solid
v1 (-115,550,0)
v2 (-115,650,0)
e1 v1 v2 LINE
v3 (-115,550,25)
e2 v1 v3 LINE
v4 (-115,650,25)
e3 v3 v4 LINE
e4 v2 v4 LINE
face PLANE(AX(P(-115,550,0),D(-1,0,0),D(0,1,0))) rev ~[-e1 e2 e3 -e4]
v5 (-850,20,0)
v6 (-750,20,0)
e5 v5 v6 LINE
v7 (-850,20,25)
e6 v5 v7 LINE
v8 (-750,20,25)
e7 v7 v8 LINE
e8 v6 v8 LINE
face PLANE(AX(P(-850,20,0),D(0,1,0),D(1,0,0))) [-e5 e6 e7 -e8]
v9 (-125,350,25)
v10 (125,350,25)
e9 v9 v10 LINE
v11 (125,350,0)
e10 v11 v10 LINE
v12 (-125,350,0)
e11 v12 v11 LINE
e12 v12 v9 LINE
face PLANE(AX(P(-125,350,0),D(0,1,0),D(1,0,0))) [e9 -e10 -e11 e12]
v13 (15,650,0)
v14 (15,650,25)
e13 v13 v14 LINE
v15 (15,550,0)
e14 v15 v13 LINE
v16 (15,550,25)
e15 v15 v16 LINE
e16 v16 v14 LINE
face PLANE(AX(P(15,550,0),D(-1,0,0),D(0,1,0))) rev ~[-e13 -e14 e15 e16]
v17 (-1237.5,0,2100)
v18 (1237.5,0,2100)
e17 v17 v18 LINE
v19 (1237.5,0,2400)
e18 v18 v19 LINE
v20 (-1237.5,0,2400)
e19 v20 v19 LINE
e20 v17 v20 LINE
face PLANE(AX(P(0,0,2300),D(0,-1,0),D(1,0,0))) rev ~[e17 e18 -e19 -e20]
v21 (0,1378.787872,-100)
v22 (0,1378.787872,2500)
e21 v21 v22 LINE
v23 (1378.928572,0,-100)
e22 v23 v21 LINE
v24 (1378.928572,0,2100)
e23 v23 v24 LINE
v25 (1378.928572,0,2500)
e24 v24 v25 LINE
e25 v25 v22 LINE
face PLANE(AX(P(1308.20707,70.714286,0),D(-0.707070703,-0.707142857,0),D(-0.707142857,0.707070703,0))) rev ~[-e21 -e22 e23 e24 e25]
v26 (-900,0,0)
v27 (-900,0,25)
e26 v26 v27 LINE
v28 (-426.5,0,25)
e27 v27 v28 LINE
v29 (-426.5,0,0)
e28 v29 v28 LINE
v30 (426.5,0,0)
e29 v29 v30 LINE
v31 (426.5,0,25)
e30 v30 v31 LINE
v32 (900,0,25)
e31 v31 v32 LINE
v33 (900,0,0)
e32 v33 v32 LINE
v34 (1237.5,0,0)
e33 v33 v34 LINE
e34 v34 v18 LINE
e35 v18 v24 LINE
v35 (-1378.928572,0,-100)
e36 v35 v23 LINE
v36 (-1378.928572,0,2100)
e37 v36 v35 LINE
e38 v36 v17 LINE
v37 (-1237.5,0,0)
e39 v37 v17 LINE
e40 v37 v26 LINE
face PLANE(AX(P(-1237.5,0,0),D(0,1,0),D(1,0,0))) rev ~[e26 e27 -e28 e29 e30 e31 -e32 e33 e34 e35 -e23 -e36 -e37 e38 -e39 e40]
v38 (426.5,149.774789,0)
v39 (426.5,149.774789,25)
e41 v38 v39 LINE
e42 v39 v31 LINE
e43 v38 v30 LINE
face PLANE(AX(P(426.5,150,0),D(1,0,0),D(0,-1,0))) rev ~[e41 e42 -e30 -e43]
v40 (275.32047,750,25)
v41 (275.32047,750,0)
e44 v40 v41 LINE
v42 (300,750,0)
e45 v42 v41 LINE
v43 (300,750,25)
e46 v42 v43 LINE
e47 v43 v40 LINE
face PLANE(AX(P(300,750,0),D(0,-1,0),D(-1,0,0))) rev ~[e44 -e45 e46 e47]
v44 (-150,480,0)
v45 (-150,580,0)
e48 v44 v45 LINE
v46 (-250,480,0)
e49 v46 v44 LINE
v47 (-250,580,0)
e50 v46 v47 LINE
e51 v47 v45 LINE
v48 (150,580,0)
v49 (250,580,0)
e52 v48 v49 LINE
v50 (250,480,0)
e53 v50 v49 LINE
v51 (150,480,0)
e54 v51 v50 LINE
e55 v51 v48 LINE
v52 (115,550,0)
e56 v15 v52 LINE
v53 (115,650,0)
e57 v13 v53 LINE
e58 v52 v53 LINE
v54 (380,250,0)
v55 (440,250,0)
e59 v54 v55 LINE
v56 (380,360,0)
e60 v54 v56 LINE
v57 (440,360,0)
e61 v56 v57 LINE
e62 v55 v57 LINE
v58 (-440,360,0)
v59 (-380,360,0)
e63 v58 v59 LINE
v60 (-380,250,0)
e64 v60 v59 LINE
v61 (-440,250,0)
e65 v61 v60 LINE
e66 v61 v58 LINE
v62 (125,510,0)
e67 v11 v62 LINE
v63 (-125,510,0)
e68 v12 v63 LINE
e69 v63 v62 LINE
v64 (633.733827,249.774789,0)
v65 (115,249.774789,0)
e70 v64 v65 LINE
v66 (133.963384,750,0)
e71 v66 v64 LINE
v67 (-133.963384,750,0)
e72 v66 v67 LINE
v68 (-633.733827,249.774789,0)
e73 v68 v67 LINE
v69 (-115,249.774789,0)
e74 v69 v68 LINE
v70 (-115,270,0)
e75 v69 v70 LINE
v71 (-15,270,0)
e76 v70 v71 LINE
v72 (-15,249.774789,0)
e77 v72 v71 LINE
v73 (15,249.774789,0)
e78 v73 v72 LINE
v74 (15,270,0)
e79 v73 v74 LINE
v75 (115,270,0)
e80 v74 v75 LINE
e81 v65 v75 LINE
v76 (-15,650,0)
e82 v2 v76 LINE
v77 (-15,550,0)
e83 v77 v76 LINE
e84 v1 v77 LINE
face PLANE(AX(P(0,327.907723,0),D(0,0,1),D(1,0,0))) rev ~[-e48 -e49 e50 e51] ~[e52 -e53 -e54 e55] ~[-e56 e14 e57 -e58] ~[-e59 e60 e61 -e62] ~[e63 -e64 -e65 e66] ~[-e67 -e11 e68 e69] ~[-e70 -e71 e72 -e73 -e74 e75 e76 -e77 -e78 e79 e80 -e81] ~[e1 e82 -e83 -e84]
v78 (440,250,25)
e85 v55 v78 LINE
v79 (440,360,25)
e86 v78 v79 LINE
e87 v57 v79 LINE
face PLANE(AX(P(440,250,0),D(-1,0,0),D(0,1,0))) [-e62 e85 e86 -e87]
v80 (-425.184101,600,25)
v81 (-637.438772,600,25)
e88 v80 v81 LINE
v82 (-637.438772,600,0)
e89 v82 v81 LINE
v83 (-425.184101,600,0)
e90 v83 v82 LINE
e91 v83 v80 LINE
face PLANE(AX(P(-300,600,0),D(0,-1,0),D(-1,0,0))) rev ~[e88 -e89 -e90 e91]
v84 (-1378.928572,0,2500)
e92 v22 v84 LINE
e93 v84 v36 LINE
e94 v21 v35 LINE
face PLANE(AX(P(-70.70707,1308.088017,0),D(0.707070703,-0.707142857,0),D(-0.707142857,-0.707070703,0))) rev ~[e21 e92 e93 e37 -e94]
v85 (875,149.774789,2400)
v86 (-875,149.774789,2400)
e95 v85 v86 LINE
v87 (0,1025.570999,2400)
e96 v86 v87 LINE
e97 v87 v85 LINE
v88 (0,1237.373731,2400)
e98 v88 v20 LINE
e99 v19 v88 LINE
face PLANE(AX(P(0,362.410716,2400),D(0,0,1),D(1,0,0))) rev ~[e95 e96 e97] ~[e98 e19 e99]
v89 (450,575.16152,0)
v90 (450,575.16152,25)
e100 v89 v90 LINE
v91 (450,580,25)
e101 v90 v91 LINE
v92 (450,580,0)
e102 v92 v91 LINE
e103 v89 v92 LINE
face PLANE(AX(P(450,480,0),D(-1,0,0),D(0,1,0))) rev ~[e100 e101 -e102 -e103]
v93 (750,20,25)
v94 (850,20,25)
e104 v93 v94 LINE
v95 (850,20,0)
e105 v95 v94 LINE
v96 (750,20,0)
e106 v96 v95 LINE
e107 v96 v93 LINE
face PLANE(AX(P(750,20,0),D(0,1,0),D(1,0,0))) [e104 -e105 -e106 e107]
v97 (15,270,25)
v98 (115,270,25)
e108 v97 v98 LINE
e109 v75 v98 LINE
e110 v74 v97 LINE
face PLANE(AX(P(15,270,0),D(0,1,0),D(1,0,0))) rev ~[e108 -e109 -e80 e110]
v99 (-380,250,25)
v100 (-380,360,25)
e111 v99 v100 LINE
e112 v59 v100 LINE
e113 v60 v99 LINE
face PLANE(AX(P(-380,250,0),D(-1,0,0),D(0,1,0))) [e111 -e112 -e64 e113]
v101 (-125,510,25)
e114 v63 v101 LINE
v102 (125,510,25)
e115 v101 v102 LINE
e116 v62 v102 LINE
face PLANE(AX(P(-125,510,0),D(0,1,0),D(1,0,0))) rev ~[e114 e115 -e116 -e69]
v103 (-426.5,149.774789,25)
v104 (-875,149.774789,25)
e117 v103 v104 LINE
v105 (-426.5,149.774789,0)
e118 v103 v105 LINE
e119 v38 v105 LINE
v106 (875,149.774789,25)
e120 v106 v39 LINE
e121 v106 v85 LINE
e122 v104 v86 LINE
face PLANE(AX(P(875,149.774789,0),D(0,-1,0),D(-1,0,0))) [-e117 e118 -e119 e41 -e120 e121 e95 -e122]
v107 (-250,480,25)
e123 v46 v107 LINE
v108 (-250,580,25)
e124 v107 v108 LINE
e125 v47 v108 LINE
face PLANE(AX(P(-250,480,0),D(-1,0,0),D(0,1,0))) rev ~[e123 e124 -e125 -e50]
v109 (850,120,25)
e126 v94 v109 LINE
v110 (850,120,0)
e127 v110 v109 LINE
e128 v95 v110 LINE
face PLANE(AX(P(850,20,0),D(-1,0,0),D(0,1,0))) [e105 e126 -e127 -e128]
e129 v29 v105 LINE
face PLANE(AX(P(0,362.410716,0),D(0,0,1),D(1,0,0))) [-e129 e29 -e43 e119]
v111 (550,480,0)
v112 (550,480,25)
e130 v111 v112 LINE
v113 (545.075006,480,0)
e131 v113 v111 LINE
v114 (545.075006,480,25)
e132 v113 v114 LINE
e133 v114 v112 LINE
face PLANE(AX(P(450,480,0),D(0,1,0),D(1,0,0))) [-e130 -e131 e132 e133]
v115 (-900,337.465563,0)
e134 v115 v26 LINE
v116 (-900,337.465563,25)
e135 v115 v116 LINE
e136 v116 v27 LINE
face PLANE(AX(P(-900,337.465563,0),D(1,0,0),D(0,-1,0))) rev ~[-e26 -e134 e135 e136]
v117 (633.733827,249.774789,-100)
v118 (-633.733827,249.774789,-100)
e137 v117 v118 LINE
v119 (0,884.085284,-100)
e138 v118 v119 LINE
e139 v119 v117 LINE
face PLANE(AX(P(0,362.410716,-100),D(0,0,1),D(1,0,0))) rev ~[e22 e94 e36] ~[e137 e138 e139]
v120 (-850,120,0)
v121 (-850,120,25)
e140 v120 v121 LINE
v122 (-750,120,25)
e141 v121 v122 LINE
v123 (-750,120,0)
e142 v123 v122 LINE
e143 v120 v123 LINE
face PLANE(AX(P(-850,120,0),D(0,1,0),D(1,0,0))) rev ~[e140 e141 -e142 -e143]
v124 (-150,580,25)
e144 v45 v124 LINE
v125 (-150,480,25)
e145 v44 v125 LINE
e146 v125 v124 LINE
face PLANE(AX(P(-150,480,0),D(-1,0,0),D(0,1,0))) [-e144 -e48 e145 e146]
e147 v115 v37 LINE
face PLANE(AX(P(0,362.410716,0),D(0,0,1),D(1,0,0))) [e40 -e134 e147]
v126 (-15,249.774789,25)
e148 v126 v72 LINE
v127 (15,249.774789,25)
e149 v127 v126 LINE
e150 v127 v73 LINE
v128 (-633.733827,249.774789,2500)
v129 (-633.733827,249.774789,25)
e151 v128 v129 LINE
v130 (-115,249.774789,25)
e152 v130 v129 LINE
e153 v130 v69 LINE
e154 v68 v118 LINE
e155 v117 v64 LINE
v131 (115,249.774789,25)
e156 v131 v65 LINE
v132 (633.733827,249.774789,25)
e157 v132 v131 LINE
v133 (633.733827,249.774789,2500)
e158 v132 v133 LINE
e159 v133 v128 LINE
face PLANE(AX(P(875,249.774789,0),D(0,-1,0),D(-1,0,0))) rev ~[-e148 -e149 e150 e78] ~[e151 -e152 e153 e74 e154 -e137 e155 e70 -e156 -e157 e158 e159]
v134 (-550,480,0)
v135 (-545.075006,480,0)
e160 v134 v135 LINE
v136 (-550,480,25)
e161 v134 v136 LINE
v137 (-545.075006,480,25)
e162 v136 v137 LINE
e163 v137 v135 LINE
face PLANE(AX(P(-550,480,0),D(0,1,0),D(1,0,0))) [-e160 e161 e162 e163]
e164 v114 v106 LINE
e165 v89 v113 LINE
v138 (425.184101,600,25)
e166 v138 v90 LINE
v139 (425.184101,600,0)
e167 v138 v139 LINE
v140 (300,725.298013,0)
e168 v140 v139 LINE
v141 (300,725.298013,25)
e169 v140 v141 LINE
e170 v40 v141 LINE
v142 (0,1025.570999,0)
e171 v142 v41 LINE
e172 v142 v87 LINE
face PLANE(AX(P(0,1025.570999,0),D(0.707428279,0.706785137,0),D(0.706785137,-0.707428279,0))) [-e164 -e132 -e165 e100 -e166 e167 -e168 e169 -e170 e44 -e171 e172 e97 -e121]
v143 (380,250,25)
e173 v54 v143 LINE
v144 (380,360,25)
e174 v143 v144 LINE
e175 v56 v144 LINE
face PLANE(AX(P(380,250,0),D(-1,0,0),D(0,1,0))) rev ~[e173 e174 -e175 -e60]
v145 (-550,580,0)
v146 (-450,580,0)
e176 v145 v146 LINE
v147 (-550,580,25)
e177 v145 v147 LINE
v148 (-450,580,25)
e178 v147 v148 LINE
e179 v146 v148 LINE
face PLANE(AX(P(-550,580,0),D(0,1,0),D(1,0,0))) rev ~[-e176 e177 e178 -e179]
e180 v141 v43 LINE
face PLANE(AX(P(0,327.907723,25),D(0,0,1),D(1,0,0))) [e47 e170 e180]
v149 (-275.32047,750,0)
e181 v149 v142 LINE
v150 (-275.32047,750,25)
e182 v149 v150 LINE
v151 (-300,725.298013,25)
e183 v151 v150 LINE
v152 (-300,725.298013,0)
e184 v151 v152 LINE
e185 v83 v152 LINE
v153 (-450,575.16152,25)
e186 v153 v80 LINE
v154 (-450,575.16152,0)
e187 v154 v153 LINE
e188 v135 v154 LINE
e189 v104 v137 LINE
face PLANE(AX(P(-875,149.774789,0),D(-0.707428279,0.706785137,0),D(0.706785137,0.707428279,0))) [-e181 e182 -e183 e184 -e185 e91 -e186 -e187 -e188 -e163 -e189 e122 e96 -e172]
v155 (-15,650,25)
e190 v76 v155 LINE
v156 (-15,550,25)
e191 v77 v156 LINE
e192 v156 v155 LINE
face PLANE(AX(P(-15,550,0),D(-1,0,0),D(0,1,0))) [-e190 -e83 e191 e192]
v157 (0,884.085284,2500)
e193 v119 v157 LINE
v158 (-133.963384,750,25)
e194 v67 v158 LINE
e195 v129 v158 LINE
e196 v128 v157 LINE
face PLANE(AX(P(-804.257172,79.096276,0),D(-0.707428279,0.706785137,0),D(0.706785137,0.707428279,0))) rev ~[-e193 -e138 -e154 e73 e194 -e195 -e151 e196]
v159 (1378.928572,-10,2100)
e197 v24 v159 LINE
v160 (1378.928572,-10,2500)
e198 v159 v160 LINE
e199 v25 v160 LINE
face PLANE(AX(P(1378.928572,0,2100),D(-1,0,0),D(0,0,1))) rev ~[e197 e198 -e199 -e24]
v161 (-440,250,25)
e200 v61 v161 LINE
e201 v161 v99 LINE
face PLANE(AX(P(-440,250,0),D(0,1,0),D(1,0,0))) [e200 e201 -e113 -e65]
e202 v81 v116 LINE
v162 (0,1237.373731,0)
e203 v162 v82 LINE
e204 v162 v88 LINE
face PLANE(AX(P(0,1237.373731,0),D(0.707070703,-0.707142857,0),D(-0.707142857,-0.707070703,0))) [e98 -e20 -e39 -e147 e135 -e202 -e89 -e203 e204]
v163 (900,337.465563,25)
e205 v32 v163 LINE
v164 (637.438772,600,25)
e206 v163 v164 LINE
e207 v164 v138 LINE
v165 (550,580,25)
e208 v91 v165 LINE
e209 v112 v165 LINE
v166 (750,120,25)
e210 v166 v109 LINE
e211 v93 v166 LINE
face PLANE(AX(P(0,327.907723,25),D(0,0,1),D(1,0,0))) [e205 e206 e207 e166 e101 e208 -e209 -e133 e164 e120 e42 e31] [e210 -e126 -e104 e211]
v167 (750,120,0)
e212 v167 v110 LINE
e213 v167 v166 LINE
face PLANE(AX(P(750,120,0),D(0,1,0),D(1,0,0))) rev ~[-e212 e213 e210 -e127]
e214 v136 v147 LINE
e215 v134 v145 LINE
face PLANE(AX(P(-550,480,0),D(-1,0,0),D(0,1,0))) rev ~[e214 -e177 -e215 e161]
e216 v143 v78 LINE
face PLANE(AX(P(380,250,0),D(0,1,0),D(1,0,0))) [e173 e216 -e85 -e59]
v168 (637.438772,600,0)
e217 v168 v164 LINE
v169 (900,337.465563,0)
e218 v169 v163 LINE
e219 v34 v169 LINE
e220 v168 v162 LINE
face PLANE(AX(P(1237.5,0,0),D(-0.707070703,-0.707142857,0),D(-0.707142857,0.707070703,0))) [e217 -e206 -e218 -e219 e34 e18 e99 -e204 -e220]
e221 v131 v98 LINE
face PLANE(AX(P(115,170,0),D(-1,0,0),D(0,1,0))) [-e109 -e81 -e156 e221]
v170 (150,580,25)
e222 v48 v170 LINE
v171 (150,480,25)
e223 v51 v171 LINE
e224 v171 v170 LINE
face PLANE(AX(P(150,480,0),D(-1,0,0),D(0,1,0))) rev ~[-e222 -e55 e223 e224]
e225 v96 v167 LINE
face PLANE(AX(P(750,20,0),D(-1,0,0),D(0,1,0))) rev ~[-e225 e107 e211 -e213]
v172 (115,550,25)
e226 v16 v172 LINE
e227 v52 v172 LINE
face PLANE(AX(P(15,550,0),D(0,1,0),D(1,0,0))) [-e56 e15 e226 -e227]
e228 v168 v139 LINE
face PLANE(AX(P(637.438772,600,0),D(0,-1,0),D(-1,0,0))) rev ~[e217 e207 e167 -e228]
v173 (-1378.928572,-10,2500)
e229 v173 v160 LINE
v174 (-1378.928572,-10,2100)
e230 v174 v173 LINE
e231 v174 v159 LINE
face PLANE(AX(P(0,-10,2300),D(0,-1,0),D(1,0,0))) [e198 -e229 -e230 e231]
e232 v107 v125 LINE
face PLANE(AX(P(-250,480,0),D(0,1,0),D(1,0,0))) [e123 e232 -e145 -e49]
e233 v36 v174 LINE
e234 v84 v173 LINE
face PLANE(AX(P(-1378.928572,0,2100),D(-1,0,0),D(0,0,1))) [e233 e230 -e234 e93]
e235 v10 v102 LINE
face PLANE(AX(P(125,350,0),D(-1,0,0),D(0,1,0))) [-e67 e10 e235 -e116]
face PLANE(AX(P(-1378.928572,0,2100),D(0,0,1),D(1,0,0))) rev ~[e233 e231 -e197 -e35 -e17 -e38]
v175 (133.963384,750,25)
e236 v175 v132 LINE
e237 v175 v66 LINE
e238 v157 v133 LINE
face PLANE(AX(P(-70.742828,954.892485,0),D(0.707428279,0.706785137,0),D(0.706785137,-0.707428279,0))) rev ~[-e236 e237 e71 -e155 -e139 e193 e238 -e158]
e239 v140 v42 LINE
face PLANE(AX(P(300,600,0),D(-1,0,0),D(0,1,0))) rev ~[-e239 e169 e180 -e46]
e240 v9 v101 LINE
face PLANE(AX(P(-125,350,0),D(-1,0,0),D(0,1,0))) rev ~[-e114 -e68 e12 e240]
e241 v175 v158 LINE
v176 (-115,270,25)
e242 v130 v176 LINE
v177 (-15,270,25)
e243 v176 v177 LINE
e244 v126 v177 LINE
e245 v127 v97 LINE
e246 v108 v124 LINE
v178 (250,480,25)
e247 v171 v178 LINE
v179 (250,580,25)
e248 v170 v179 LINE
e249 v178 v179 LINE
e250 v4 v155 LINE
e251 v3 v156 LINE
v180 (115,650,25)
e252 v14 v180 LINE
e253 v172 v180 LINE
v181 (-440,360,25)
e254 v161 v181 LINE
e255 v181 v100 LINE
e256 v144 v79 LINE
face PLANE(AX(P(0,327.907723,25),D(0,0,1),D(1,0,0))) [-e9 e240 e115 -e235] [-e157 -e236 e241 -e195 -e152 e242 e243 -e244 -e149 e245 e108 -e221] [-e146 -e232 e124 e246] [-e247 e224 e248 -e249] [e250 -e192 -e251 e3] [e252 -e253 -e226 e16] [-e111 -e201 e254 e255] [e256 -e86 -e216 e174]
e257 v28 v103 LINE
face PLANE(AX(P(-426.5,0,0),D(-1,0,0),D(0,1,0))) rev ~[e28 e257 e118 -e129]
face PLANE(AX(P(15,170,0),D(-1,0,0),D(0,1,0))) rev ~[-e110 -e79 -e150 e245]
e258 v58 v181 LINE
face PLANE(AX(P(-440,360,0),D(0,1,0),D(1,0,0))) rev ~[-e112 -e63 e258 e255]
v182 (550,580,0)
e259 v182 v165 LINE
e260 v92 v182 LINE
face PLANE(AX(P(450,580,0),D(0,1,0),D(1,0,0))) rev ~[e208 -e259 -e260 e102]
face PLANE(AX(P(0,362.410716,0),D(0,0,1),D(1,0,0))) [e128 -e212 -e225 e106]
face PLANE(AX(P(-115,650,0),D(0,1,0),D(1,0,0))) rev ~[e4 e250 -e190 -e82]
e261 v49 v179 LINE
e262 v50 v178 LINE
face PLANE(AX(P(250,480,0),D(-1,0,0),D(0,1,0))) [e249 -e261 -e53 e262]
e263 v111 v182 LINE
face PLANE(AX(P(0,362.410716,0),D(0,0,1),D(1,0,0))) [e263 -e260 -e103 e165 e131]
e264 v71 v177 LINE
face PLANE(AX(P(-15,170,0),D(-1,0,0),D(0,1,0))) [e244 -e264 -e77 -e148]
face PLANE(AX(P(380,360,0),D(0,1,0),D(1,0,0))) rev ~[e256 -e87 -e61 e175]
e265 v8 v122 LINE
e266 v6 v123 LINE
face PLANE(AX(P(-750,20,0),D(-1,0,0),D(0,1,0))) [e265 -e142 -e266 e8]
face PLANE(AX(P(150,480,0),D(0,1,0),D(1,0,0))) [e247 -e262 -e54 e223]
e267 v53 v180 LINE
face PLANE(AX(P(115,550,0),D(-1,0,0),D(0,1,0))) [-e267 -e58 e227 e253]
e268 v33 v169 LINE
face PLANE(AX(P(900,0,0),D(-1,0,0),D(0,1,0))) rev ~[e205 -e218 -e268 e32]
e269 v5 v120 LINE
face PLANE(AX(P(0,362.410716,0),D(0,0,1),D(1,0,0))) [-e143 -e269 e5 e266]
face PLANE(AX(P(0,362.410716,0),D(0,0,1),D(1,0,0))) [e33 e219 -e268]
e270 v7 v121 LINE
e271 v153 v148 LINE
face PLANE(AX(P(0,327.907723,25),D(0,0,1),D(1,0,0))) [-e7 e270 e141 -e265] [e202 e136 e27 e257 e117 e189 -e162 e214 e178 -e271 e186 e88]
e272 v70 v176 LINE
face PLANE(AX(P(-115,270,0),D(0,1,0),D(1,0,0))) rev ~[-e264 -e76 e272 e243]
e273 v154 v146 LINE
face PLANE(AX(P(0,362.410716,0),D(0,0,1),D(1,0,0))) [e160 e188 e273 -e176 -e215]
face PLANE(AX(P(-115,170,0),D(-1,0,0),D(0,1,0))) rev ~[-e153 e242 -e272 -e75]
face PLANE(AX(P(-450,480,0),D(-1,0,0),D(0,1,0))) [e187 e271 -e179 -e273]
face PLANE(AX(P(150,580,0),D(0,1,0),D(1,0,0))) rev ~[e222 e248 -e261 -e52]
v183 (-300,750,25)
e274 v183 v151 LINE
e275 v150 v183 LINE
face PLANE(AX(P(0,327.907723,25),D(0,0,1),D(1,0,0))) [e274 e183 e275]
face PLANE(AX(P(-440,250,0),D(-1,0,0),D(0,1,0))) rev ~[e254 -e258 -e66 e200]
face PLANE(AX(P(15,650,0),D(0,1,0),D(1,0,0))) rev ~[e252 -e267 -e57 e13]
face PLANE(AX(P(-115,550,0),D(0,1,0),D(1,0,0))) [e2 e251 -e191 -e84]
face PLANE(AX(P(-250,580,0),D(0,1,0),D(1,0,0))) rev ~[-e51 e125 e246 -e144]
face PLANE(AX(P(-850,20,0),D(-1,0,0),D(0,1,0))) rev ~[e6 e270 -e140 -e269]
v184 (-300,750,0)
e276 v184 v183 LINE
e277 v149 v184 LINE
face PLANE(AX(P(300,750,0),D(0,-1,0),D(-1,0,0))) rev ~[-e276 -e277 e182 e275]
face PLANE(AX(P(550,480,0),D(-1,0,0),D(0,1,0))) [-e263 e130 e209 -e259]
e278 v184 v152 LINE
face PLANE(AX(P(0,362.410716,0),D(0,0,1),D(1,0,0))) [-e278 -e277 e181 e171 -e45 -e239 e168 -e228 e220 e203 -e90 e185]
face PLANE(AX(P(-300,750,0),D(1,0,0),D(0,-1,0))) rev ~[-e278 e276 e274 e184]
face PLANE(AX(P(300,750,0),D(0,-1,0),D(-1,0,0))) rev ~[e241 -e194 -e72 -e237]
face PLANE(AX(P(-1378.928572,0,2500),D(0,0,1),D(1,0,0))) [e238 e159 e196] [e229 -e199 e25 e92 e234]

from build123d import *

# Parameters (mm, degrees)
F1_DEPTH = 2400
F2_T     = 100
F3_W     = 2757.8571443297
F3_H     = 400
F4_DEPTH = 10
F5_W     = 100
F5_H     = 100
F5_W_2   = 60
F5_H_2   = 110
F5_W_3   = 250
F5_H_3   = 160
F6_DEPTH = 25


with BuildPart() as f1:
    # F0 (on Top) → F1 (new body)
    with BuildSketch(Plane.XY):
        Polygon((1237.5, 0), (0, 1237.3737309318), (-1237.5, 0), align=None)
        Polygon((-875, 149.7747893482), (0, 1025.5709985202), (875, 149.7747893482), align=None, mode=Mode.SUBTRACT)
    extrude(amount=F1_DEPTH)

    # F2
    f2_openings = [f1.faces().sort_by_distance(p)[0] for p in [
        (0, 0, 1200),
    ]]
    offset(amount=F2_T, openings=f2_openings, kind=Kind.INTERSECTION)

    # F3 (on face) → F4 (join)
    with BuildSketch(Plane.XZ):
        with Locations((0, 2300)):
            Rectangle(F3_W, F3_H)
    extrude(amount=F4_DEPTH)

    # F5 (on face) → F6 (join)
    with BuildSketch(Plane.XY):
        Polygon((-637.4387723862, 600), (-900, 337.4655629814), (-900, 0), (-426.5, 0), (-426.5, 150), (426.5, 150), (426.5, 0), (900, 0), (900, 337.4655629814), (637.4387723862, 600), (300, 600), (300, 750), (-300, 750), (-300, 600), align=None)
        with Locations((-800, 70)):
            Rectangle(F5_W, F5_H, mode=Mode.SUBTRACT)
        with Locations((-65, 220)):
            Rectangle(F5_W, F5_H, mode=Mode.SUBTRACT)
        with Locations((-410, 305)):
            Rectangle(F5_W_2, F5_H_2, mode=Mode.SUBTRACT)
        with Locations((800, 70)):
            Rectangle(F5_W, F5_H, mode=Mode.SUBTRACT)
        with Locations((65, 220)):
            Rectangle(F5_W, F5_H, mode=Mode.SUBTRACT)
        with Locations((410, 305)):
            Rectangle(F5_W_2, F5_H_2, mode=Mode.SUBTRACT)
        with Locations((-500, 530)):
            Rectangle(F5_W, F5_H, mode=Mode.SUBTRACT)
        with Locations((-200, 530)):
            Rectangle(F5_W, F5_H, mode=Mode.SUBTRACT)
        with Locations((-65, 600)):
            Rectangle(F5_W, F5_H, mode=Mode.SUBTRACT)
        with Locations((0, 430)):
            Rectangle(F5_W_3, F5_H_3, mode=Mode.SUBTRACT)
        with Locations((200, 530)):
            Rectangle(F5_W, F5_H, mode=Mode.SUBTRACT)
        with Locations((500, 530)):
            Rectangle(F5_W, F5_H, mode=Mode.SUBTRACT)
        with Locations((65, 600)):
            Rectangle(F5_W, F5_H, mode=Mode.SUBTRACT)
    extrude(amount=F6_DEPTH)


solid = f1.part
